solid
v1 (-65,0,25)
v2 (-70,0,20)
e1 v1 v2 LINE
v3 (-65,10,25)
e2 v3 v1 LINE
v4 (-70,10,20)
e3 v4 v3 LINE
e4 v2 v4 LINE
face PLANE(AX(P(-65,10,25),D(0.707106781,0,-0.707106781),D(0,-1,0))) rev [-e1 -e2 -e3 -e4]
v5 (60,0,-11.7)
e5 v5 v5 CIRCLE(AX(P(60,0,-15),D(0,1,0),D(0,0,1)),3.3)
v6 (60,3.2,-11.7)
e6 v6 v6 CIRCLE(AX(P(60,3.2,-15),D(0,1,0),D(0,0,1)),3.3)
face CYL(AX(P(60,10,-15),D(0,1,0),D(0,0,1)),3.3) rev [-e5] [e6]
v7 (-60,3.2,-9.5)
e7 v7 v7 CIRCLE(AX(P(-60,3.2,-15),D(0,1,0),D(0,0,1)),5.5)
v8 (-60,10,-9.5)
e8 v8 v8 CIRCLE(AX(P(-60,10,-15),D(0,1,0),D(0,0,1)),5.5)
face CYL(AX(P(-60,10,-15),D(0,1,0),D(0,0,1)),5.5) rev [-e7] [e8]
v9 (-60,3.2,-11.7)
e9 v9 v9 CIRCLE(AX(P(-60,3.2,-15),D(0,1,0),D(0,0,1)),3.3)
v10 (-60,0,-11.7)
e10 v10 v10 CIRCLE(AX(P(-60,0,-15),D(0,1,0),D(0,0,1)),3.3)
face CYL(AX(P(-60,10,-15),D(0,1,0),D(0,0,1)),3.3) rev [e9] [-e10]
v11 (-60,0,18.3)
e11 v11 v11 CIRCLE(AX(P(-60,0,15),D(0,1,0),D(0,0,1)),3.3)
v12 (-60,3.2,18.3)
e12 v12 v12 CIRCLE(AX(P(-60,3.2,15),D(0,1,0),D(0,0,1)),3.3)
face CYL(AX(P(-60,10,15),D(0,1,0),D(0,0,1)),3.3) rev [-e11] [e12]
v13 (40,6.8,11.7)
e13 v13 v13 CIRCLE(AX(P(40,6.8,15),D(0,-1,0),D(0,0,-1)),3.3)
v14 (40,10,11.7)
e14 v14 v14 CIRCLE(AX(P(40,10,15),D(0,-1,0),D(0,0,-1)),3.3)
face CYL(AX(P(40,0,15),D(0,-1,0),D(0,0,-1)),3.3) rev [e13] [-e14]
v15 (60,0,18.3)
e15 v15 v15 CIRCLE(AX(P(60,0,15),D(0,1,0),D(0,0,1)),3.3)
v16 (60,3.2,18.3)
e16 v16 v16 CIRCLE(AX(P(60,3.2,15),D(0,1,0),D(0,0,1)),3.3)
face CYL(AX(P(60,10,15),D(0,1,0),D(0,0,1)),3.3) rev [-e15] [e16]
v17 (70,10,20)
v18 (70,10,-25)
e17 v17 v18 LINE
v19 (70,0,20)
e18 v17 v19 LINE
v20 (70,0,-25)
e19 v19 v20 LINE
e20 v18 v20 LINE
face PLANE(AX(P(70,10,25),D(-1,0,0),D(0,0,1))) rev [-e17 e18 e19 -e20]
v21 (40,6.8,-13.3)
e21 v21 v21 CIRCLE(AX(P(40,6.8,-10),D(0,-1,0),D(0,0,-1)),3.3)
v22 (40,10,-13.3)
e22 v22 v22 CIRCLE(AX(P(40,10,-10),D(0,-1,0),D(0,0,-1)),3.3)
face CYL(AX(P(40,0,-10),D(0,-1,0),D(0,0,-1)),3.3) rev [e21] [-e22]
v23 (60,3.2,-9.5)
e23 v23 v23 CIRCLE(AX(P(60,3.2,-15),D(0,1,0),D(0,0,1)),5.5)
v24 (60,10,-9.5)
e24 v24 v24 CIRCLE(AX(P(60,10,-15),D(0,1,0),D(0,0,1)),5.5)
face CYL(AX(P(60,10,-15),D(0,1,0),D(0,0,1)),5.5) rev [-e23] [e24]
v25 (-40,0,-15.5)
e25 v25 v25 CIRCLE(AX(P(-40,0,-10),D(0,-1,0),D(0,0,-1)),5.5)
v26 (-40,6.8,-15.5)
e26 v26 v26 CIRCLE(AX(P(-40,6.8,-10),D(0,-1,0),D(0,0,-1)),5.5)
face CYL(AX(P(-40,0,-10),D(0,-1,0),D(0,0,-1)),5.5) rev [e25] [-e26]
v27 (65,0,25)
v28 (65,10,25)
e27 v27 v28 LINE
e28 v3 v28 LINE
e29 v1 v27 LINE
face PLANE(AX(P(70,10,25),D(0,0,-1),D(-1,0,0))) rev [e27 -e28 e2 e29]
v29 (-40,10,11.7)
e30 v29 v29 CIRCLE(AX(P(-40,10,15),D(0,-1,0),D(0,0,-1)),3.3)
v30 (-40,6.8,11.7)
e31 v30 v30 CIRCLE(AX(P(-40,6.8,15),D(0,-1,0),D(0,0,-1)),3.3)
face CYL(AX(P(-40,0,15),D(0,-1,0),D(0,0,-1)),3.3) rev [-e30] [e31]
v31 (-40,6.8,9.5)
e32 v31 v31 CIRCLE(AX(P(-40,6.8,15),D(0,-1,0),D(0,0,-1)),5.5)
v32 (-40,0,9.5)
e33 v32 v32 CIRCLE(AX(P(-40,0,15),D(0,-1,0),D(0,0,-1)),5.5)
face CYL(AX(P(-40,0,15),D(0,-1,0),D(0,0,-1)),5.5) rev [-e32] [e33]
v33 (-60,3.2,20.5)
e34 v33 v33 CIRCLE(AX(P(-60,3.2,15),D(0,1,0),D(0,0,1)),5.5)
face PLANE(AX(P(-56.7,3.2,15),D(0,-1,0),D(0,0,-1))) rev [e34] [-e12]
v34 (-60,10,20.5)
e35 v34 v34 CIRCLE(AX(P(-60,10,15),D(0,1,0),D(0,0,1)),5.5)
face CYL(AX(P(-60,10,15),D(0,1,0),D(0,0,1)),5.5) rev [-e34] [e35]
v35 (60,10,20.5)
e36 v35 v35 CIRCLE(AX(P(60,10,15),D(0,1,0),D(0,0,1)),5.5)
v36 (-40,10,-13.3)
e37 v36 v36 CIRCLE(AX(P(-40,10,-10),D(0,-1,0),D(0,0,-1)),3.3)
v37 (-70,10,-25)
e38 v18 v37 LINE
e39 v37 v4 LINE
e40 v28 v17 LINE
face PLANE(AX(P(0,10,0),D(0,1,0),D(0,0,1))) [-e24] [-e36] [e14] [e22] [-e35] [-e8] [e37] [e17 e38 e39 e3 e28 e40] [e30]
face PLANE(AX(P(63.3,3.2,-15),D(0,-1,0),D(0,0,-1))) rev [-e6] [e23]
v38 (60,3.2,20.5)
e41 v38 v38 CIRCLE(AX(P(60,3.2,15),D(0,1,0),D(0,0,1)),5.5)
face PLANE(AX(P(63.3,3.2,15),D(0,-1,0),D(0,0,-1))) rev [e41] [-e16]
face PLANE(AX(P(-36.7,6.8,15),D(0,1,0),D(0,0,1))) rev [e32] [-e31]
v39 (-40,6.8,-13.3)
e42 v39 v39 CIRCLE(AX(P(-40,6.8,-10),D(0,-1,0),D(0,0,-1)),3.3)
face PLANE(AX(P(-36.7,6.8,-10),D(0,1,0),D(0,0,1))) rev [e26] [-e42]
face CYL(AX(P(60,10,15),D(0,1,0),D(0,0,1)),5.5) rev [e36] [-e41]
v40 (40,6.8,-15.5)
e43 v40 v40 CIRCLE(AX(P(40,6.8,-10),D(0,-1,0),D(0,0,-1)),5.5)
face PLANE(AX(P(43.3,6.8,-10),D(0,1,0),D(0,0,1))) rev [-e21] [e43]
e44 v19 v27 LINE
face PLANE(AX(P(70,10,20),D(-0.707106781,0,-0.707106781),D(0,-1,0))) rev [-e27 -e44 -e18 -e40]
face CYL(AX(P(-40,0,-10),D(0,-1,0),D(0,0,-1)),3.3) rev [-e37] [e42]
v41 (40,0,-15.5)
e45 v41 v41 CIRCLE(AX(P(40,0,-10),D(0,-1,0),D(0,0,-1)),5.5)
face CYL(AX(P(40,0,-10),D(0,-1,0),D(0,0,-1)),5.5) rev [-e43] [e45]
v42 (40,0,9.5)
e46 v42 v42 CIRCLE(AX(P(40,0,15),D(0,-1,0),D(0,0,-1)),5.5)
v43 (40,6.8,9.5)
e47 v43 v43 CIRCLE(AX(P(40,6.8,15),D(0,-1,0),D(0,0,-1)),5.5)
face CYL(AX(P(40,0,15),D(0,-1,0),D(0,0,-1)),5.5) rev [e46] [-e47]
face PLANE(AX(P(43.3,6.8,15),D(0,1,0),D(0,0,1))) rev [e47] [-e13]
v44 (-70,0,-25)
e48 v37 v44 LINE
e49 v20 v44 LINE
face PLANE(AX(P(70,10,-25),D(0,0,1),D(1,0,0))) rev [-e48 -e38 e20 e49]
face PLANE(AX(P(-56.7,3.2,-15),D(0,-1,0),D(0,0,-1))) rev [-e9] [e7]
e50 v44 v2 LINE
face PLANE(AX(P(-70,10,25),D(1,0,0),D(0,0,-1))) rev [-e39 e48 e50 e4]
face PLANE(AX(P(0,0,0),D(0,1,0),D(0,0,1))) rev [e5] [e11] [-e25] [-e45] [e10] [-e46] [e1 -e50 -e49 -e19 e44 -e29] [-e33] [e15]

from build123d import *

# Parameters (mm, degrees)
SKETCH1_W                                            = 140
SKETCH1_H                                            = 50
BOSS_EXTRUDE1_DEPTH                                  = 10
CBORE_FOR_M6_HEXAGON_SOCKET_HEAD_CAP_SCR_D           = 6.6
CBORE_FOR_M6_HEXAGON_SOCKET_HEAD_CAP_SCR_CBORE_D     = 11
CBORE_FOR_M6_HEXAGON_SOCKET_HEAD_CAP_SCR_CBORE_DEPTH = 6.8
CBORE_FOR_M6_HEXAGON_SOCKET_HEAD_CAP_2_D             = 6.6
CBORE_FOR_M6_HEXAGON_SOCKET_HEAD_CAP_2_CBORE_D       = 11
CBORE_FOR_M6_HEXAGON_SOCKET_HEAD_CAP_2_CBORE_DEPTH   = 6.8
CHAMFER1_SIZE                                        = 5


with BuildPart() as part:
    # Sketch1 → Boss-Extrude1 (new body)
    with BuildSketch(Plane(origin=(0, 0, 0), x_dir=(1, 0, 0), z_dir=(0, 1, 0))):
        Rectangle(SKETCH1_W, SKETCH1_H)
    extrude(amount=BOSS_EXTRUDE1_DEPTH)

    # CBORE for M6 Hexagon socket head cap scr (through all)
    with Locations(Plane(origin=(0, 10, 0), x_dir=(1, 0, 0), z_dir=(0, 1, 0))):
        with Locations((-60, 15), (60, 15), (60, -15), (-60, -15)):
            CounterBoreHole(CBORE_FOR_M6_HEXAGON_SOCKET_HEAD_CAP_SCR_D / 2, CBORE_FOR_M6_HEXAGON_SOCKET_HEAD_CAP_SCR_CBORE_D / 2, CBORE_FOR_M6_HEXAGON_SOCKET_HEAD_CAP_SCR_CBORE_DEPTH)

    # CBORE for M6 Hexagon socket head cap 2 (through all)
    with Locations(Plane(origin=(0, 0, 0), x_dir=(-1, 0, 0), z_dir=(0, -1, 0))):
        with Locations((-40, 10), (-40, -15), (40, -15), (40, 10)):
            CounterBoreHole(CBORE_FOR_M6_HEXAGON_SOCKET_HEAD_CAP_2_D / 2, CBORE_FOR_M6_HEXAGON_SOCKET_HEAD_CAP_2_CBORE_D / 2, CBORE_FOR_M6_HEXAGON_SOCKET_HEAD_CAP_2_CBORE_DEPTH)

    # Chamfer1
    chamfer1_edges = [part.edges().sort_by_distance(p)[0] for p in [
        (70, 5, 25),
        (-70, 5, 25),
    ]]
    chamfer(chamfer1_edges, length=CHAMFER1_SIZE)


solid = part.part
